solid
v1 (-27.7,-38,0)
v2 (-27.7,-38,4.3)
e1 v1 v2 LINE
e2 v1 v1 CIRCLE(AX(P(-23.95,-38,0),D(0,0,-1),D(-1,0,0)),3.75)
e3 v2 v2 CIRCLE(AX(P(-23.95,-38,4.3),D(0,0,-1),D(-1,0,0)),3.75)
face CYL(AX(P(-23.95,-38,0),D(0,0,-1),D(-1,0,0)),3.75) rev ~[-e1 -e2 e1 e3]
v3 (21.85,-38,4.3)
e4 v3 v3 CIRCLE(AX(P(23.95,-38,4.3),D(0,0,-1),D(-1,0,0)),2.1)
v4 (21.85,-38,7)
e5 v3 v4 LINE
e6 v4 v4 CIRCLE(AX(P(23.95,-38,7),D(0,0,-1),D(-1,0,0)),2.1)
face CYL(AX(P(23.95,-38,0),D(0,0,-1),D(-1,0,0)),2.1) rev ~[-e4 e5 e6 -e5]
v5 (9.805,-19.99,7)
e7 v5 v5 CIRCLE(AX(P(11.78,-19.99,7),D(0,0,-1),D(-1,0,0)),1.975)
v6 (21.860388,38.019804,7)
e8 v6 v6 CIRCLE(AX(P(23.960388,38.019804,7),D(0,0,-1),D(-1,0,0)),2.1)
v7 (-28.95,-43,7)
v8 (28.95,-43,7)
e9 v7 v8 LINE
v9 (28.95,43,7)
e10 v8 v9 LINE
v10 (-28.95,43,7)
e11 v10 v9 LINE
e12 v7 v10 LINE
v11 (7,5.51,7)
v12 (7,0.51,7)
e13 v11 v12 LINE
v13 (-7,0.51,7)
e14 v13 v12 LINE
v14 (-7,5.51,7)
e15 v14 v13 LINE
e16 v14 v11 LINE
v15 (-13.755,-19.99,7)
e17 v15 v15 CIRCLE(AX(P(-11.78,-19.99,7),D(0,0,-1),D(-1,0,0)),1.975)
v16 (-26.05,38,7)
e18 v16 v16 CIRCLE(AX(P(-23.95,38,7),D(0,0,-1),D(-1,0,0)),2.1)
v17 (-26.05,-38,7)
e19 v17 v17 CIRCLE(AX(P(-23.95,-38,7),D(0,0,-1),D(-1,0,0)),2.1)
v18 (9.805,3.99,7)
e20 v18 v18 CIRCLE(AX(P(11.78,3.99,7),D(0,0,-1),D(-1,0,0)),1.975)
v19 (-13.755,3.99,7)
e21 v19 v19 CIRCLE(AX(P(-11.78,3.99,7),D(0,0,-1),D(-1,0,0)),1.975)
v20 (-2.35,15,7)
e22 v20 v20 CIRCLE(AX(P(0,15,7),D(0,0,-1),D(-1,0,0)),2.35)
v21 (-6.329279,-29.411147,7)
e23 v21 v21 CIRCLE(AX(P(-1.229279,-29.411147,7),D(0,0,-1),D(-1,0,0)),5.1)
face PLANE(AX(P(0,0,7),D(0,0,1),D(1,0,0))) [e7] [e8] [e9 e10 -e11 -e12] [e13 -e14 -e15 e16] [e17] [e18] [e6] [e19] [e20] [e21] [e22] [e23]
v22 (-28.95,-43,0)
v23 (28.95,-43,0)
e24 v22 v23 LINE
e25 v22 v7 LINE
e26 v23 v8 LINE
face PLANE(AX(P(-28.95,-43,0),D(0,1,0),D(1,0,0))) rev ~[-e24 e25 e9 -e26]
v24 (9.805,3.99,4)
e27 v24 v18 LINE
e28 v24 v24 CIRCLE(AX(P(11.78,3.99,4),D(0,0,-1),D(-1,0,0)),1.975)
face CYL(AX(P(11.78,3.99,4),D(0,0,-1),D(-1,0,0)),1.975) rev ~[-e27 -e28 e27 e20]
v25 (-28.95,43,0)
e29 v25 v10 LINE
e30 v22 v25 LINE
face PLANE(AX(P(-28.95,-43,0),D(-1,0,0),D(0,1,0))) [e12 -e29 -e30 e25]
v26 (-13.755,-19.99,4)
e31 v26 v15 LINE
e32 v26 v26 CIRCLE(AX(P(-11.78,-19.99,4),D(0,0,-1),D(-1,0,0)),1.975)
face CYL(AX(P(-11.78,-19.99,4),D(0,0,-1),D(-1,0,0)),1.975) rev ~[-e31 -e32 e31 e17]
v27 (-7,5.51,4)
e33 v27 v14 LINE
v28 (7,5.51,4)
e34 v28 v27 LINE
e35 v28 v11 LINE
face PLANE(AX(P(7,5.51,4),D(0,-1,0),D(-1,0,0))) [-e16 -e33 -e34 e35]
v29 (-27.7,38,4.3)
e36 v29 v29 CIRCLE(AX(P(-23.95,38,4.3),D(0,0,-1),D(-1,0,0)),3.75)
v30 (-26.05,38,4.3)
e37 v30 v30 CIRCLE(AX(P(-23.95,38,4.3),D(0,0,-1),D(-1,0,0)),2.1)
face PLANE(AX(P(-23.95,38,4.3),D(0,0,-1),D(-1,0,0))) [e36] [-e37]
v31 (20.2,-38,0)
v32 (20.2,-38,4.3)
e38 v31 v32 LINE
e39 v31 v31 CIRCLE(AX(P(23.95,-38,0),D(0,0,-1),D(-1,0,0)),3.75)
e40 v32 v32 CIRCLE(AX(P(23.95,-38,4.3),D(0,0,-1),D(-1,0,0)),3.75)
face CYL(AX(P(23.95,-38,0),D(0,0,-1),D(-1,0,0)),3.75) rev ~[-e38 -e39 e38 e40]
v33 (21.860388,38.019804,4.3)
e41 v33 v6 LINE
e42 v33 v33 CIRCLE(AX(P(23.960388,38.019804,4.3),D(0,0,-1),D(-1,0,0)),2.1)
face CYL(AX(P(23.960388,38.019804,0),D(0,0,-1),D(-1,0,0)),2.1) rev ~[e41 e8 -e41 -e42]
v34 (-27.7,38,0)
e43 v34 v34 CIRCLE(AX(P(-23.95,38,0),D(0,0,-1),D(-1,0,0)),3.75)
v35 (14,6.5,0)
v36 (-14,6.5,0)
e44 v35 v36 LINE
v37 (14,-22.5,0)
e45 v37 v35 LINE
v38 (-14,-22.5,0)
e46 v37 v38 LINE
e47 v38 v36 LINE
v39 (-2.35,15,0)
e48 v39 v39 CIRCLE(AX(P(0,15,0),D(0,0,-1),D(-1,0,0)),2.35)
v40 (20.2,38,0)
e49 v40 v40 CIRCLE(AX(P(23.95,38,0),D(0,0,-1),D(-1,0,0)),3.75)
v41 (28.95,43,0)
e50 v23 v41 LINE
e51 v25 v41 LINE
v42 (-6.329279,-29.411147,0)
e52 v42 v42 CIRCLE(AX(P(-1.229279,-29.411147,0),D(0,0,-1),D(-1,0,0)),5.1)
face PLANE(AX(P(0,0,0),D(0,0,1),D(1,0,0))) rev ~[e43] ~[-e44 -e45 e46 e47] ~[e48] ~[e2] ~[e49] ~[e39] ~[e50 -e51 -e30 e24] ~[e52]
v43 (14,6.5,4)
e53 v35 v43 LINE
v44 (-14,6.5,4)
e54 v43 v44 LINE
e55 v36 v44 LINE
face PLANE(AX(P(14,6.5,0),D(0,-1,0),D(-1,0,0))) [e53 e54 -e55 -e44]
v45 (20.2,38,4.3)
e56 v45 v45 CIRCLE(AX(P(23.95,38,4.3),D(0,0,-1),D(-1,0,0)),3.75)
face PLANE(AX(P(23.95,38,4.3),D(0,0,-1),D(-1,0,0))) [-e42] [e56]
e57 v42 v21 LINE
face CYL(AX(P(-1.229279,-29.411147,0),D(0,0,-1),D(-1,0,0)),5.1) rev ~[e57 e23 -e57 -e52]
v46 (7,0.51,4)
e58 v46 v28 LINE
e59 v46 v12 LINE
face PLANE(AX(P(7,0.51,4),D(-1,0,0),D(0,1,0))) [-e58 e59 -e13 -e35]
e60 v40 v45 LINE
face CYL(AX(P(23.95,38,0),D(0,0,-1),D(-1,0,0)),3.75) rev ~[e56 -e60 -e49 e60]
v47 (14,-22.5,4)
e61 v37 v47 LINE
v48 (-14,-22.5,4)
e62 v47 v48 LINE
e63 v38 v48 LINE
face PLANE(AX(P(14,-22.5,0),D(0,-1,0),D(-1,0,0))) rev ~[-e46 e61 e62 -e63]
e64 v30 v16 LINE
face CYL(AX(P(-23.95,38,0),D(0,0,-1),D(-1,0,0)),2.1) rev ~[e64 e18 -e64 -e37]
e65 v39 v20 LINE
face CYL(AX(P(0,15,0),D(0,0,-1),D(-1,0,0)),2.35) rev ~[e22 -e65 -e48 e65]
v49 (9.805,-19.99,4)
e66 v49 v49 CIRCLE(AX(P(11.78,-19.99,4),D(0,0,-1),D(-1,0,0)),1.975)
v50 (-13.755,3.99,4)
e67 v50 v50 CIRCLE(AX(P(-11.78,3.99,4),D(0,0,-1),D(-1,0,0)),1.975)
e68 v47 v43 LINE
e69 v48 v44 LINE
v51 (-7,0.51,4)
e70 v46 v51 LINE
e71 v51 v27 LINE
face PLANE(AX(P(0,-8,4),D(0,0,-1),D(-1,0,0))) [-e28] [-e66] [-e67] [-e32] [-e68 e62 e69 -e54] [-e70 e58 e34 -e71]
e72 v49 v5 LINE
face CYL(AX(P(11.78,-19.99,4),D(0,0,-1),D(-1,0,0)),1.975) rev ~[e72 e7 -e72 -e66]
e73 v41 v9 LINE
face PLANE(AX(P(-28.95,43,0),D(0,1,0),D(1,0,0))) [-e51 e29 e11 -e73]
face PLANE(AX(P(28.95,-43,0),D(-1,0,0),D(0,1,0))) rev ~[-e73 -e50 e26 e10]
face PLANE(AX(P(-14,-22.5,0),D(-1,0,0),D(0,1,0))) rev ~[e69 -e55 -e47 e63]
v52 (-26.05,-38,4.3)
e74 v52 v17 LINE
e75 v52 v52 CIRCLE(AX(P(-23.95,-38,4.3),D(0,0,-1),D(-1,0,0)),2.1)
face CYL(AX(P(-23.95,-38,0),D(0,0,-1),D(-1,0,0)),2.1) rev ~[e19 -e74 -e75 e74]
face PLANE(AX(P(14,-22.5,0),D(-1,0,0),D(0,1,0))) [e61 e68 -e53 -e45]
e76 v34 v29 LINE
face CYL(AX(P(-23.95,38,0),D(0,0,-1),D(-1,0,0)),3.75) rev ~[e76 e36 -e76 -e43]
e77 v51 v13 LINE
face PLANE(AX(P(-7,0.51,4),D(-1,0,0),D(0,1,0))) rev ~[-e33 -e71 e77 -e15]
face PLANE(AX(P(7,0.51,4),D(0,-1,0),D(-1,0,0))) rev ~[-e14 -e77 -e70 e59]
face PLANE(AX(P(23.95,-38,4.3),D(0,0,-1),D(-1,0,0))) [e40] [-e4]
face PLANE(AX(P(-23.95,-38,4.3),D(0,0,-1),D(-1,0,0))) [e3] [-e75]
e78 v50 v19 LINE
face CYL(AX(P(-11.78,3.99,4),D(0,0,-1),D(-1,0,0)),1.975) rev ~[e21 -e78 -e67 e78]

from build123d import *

# Parameters (mm, degrees)
ESQUISSE1_W             = 57.9
ESQUISSE1_H             = 86
BOSS_EXTRU_1_DEPTH      = 7
ESQUISSE3_R             = 2.1
ESQUISSE3_R_2           = 5.1
ENL_V_MAT_EXTRU_2_DEPTH = 53.30776711
ESQUISSE4_R             = 3.75
ENL_V_MAT_EXTRU_3_DEPTH = 4.3
ESQUISSE6_R             = 3.75
ENL_V_MAT_EXTRU_5_DEPTH = 4.3
ESQUISSE7_W             = 28
ESQUISSE7_H             = 29
ENL_V_MAT_EXTRU_6_DEPTH = 4
ESQUISSE9_R             = 1.975
ESQUISSE9_W             = 14
ESQUISSE9_H             = 5
ENL_V_MAT_EXTRU_7_DEPTH = 52.991369476
ESQUISSE10_R            = 2.35
ENL_V_MAT_EXTRU_8_DEPTH = 53.30776711


with BuildPart() as part:
    # Esquisse1 → Boss.-Extru.1 (new body)
    with BuildSketch(Plane.XY):
        Rectangle(ESQUISSE1_W, ESQUISSE1_H)
    extrude(amount=BOSS_EXTRU_1_DEPTH)

    # Esquisse3 → Enlèv. mat.-Extru.2 (cut, through all)
    with BuildSketch(Plane(origin=(0, 0, 0), x_dir=(-1, 0, 0), z_dir=(0, 0, -1))):
        with Locations((23.95, 38)):
            Circle(ESQUISSE3_R)
        with Locations((-23.960388264, 38.019803714)):
            Circle(ESQUISSE3_R)
        with Locations((23.95, -38)):
            Circle(ESQUISSE3_R)
        with Locations((-23.95, -38)):
            Circle(ESQUISSE3_R)
        with Locations((1.229278893, -29.411147051)):
            Circle(ESQUISSE3_R_2)
    extrude(amount=-ENL_V_MAT_EXTRU_2_DEPTH, mode=Mode.SUBTRACT)

    # Esquisse4 → Enlèv. mat.-Extru.3 (cut)
    with BuildSketch(Plane(origin=(0, 0, 0), x_dir=(-1, 0, 0), z_dir=(0, 0, -1))):
        with Locations((23.95, -38)):
            Circle(ESQUISSE4_R)
        with Locations((-23.95, -38)):
            Circle(ESQUISSE4_R)
        with Locations((23.95, 38)):
            Circle(ESQUISSE4_R)
    extrude(amount=-ENL_V_MAT_EXTRU_3_DEPTH, mode=Mode.SUBTRACT)

    # Esquisse6 → Enlèv. mat.-Extru.5 (cut)
    with BuildSketch(Plane(origin=(0, 0, 0), x_dir=(-1, 0, 0), z_dir=(0, 0, -1))):
        with Locations((-23.95, 38)):
            Circle(ESQUISSE6_R)
    extrude(amount=-ENL_V_MAT_EXTRU_5_DEPTH, mode=Mode.SUBTRACT)

    # Esquisse7 → Enlèv. mat.-Extru.6 (cut)
    with BuildSketch(Plane(origin=(0, 0, 0), x_dir=(-1, 0, 0), z_dir=(0, 0, -1))):
        with Locations((0, -8)):
            Rectangle(ESQUISSE7_W, ESQUISSE7_H)
    extrude(amount=-ENL_V_MAT_EXTRU_6_DEPTH, mode=Mode.SUBTRACT)

    # Esquisse9 → Enlèv. mat.-Extru.7 (cut, through all)
    with BuildSketch(Plane(origin=(0, 0, 4), x_dir=(-1, 0, 0), z_dir=(0, 0, -1))):
        with Locations((11.78, -19.99)):
            Circle(ESQUISSE9_R)
        with Locations((-11.78, -19.99)):
            Circle(ESQUISSE9_R)
        with Locations((-11.78, 3.99)):
            Circle(ESQUISSE9_R)
        with Locations((11.78, 3.99)):
            Circle(ESQUISSE9_R)
        with Locations((0, 3.01)):
            Rectangle(ESQUISSE9_W, ESQUISSE9_H)
    extrude(amount=-ENL_V_MAT_EXTRU_7_DEPTH, mode=Mode.SUBTRACT)

    # Esquisse10 → Enlèv. mat.-Extru.8 (cut, through all)
    with BuildSketch(Plane(origin=(0, 0, 0), x_dir=(-1, 0, 0), z_dir=(0, 0, -1))):
        with Locations((0, 15)):
            Circle(ESQUISSE10_R)
    extrude(amount=-ENL_V_MAT_EXTRU_8_DEPTH, mode=Mode.SUBTRACT)


solid = part.part
